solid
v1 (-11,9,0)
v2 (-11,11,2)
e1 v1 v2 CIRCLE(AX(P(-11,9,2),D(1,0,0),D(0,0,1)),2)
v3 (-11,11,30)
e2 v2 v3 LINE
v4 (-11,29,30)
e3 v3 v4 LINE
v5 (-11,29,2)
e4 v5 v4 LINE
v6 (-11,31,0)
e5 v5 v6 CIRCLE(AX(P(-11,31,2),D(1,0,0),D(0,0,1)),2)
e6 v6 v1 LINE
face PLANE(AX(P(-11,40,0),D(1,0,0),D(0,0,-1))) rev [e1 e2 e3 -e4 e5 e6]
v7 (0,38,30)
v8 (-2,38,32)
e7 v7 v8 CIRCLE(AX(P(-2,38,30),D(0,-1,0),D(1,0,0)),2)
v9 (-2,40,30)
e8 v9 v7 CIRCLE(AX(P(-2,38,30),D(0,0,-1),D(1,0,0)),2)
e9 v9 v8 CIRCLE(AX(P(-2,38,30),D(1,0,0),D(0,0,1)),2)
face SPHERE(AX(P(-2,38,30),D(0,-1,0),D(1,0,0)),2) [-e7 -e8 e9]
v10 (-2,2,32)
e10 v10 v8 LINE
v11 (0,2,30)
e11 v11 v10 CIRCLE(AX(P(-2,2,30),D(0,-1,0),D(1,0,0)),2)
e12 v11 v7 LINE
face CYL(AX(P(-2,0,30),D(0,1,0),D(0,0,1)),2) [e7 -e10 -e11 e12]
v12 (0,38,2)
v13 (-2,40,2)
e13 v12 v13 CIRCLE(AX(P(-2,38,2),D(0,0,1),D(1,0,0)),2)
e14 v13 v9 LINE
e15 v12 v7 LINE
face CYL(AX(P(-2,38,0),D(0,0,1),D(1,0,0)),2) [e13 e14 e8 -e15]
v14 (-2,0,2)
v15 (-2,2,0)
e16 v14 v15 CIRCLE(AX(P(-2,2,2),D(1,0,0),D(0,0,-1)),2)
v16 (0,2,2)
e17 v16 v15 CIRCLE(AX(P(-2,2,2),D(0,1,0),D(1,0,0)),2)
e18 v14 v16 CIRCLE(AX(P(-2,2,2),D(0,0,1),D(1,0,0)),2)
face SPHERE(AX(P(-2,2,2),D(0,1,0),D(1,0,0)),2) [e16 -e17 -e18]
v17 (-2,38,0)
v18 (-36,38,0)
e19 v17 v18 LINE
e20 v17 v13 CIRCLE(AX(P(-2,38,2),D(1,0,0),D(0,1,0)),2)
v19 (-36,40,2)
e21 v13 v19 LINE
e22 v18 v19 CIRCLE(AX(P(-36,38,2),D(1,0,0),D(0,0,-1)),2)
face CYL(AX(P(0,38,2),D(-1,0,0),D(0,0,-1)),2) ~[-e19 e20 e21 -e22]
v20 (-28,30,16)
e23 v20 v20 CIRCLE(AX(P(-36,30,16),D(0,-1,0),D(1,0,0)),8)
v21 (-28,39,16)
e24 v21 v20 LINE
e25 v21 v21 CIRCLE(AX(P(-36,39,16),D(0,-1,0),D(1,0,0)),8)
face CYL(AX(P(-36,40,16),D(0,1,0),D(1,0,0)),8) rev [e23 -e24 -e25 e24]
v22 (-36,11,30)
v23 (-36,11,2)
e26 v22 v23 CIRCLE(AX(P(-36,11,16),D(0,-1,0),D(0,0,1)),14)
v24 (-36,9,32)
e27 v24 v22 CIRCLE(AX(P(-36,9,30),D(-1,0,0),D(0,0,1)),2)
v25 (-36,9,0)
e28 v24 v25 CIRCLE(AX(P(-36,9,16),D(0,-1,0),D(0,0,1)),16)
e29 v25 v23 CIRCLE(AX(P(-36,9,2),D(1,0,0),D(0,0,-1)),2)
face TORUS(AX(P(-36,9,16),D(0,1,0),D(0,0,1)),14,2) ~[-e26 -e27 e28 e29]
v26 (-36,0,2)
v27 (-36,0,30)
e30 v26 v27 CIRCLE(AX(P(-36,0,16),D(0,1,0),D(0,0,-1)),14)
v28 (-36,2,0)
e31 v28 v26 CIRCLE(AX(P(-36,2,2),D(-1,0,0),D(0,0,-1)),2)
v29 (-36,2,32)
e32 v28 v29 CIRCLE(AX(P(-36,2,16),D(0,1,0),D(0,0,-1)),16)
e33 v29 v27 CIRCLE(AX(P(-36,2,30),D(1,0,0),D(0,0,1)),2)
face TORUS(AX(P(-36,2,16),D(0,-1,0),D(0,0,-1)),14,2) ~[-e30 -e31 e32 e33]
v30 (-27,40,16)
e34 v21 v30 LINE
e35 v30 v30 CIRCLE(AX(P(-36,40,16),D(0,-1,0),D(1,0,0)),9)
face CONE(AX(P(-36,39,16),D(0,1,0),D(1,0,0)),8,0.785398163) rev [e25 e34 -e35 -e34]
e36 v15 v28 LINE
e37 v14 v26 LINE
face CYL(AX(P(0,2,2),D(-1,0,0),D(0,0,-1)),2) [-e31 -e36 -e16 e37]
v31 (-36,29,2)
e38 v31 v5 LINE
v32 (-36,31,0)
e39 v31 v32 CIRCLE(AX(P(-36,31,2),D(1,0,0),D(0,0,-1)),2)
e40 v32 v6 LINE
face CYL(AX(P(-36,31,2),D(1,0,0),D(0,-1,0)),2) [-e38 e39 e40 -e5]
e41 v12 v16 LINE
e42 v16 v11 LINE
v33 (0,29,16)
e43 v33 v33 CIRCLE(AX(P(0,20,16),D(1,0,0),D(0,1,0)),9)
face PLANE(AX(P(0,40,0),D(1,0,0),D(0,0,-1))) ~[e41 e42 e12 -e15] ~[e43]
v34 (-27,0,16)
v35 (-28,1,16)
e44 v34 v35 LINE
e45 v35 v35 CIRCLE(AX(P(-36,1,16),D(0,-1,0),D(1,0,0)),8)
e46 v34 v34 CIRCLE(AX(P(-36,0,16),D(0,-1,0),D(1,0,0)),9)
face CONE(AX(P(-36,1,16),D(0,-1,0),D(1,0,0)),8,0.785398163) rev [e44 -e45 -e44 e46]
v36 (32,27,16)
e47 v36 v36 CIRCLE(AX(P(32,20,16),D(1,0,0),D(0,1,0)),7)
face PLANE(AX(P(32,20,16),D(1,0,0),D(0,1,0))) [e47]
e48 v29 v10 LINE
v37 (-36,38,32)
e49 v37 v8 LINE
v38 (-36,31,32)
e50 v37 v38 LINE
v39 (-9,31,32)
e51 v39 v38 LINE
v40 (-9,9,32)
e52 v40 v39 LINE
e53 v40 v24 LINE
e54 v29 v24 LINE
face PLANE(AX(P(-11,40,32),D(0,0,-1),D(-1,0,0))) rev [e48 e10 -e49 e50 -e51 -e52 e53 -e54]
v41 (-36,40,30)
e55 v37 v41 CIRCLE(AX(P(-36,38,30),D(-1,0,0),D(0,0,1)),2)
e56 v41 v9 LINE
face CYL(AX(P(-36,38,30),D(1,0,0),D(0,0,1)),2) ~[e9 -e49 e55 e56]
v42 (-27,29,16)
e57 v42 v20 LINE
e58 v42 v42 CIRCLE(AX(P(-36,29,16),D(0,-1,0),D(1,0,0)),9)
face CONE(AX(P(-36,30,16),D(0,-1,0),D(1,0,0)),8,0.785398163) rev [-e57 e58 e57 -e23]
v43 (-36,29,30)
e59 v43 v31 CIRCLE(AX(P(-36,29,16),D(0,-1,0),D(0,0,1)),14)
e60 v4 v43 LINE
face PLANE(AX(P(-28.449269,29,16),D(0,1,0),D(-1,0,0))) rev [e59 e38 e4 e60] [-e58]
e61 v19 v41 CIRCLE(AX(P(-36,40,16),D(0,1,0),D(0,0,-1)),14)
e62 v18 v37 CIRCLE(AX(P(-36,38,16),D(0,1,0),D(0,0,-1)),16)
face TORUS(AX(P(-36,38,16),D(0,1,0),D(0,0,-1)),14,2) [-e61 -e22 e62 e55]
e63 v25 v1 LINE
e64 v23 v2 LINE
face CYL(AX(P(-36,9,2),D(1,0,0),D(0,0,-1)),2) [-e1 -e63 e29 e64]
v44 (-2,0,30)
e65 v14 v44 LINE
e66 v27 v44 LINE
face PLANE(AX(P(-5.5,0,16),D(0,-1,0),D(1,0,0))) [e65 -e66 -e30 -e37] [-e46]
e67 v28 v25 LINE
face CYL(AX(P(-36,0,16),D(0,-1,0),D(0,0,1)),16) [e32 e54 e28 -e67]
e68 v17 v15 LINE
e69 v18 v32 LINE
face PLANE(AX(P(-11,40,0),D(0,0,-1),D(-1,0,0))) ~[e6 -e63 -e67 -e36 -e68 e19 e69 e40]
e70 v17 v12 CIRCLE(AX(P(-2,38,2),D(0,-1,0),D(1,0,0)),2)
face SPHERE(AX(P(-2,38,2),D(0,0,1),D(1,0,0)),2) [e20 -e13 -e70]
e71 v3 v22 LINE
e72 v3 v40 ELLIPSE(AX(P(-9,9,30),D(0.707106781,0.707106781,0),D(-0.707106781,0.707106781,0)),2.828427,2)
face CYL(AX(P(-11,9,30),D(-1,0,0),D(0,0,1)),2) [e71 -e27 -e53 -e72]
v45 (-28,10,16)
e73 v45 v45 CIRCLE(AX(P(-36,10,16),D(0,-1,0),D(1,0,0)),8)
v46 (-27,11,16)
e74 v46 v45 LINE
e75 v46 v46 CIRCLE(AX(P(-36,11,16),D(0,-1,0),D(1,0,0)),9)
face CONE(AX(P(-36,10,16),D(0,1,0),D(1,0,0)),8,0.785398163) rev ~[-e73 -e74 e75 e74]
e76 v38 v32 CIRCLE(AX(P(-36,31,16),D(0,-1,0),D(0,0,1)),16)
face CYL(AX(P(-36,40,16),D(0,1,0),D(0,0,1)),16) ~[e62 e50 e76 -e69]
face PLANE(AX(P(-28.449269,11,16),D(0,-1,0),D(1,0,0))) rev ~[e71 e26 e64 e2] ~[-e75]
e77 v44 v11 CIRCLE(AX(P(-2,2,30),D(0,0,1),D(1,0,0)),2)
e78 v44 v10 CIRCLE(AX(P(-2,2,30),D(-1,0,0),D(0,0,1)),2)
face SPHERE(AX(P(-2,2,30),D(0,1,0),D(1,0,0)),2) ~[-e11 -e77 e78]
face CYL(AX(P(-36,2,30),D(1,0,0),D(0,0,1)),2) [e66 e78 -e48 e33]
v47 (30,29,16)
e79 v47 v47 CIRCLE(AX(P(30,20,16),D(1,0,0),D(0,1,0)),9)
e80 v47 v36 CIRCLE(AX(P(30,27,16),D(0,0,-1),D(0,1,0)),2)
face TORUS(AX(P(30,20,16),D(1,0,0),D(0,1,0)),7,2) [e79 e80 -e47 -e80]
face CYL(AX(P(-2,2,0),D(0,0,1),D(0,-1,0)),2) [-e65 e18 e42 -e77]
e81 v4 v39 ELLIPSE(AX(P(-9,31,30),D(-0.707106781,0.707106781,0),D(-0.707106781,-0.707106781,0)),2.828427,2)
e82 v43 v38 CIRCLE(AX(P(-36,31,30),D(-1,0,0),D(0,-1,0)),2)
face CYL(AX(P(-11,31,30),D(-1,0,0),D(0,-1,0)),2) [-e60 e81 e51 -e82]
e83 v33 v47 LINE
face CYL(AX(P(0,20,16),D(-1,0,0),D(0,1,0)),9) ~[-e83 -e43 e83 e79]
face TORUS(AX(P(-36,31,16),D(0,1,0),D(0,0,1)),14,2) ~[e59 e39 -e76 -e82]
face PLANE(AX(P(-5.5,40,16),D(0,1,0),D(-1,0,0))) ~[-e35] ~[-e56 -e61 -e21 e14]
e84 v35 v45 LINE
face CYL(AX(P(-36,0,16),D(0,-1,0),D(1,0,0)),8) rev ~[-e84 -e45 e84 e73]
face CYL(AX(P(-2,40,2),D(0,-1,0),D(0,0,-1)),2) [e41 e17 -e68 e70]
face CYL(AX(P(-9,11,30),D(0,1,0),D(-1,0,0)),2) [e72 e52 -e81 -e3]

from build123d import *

# Parameters (mm, degrees)
F0_R     = 8
F1_DEPTH = 11
F2_W     = 11
F2_H     = 32
F3_DEPTH = 20
F5_R     = 9
F6_DEPTH = 32
F7_SIZE  = 1
F8_R     = 2


with BuildPart() as f1:
    # F0 (on Front) → F1 (new body)
    with BuildSketch(Plane.XZ):
        with BuildLine():
            Line((-36, 0), (-11, 0))
            Line((-11, 0), (-11, 32))
            Line((-11, 32), (-36, 32))
            ThreePointArc((-36, 32), (-52, 16), (-36, 0))
        make_face()
        with Locations((-36, 16)):
            Circle(F0_R, mode=Mode.SUBTRACT)
    extrude(amount=-F1_DEPTH)

    # F2 (on Front) → F3 (join)
    with BuildSketch(Plane.XZ):
        with Locations((-5.5, 16)):
            Rectangle(F2_W, F2_H)
    extrude(amount=-F3_DEPTH)

    # F4: F1 across face


with BuildPart() as f1_1:
    add(f1.part)
    add(f1.part.mirror(Plane(origin=(-5.5, 20, 16), x_dir=(1, 0, 0), z_dir=(0, 1, 0))))

    # F5 (on face) → F6 (join)
    with BuildSketch(Plane.YZ):
        with Locations((20, 16)):
            Circle(F5_R)
    extrude(amount=F6_DEPTH)

    # F7
    f7_edges = [f1_1.edges().sort_by_distance(p)[0] for p in [
        (-44, 0, 16),
        (-44, 11, 16),
        (-44, 29, 16),
        (-44, 40, 16),
    ]]
    chamfer(f7_edges, length=F7_SIZE)

    # F8
    f8_edges = [f1_1.edges().sort_by_distance(p)[0] for p in [
        (32, 11, 16),
        (0, 20, 32),
        (0, 40, 16),
        (0, 20, 0),
        (0, 0, 16),
        (-36, 5.5, 32),
        (-18, 0, 32),
        (-18, 40, 32),
        (-36, 34.5, 32),
        (-23.5, 29, 32),
        (-11, 20, 32),
        (-23.5, 11, 32),
    ]]
    fillet(f8_edges, radius=F8_R)


solid = f1_1.part
